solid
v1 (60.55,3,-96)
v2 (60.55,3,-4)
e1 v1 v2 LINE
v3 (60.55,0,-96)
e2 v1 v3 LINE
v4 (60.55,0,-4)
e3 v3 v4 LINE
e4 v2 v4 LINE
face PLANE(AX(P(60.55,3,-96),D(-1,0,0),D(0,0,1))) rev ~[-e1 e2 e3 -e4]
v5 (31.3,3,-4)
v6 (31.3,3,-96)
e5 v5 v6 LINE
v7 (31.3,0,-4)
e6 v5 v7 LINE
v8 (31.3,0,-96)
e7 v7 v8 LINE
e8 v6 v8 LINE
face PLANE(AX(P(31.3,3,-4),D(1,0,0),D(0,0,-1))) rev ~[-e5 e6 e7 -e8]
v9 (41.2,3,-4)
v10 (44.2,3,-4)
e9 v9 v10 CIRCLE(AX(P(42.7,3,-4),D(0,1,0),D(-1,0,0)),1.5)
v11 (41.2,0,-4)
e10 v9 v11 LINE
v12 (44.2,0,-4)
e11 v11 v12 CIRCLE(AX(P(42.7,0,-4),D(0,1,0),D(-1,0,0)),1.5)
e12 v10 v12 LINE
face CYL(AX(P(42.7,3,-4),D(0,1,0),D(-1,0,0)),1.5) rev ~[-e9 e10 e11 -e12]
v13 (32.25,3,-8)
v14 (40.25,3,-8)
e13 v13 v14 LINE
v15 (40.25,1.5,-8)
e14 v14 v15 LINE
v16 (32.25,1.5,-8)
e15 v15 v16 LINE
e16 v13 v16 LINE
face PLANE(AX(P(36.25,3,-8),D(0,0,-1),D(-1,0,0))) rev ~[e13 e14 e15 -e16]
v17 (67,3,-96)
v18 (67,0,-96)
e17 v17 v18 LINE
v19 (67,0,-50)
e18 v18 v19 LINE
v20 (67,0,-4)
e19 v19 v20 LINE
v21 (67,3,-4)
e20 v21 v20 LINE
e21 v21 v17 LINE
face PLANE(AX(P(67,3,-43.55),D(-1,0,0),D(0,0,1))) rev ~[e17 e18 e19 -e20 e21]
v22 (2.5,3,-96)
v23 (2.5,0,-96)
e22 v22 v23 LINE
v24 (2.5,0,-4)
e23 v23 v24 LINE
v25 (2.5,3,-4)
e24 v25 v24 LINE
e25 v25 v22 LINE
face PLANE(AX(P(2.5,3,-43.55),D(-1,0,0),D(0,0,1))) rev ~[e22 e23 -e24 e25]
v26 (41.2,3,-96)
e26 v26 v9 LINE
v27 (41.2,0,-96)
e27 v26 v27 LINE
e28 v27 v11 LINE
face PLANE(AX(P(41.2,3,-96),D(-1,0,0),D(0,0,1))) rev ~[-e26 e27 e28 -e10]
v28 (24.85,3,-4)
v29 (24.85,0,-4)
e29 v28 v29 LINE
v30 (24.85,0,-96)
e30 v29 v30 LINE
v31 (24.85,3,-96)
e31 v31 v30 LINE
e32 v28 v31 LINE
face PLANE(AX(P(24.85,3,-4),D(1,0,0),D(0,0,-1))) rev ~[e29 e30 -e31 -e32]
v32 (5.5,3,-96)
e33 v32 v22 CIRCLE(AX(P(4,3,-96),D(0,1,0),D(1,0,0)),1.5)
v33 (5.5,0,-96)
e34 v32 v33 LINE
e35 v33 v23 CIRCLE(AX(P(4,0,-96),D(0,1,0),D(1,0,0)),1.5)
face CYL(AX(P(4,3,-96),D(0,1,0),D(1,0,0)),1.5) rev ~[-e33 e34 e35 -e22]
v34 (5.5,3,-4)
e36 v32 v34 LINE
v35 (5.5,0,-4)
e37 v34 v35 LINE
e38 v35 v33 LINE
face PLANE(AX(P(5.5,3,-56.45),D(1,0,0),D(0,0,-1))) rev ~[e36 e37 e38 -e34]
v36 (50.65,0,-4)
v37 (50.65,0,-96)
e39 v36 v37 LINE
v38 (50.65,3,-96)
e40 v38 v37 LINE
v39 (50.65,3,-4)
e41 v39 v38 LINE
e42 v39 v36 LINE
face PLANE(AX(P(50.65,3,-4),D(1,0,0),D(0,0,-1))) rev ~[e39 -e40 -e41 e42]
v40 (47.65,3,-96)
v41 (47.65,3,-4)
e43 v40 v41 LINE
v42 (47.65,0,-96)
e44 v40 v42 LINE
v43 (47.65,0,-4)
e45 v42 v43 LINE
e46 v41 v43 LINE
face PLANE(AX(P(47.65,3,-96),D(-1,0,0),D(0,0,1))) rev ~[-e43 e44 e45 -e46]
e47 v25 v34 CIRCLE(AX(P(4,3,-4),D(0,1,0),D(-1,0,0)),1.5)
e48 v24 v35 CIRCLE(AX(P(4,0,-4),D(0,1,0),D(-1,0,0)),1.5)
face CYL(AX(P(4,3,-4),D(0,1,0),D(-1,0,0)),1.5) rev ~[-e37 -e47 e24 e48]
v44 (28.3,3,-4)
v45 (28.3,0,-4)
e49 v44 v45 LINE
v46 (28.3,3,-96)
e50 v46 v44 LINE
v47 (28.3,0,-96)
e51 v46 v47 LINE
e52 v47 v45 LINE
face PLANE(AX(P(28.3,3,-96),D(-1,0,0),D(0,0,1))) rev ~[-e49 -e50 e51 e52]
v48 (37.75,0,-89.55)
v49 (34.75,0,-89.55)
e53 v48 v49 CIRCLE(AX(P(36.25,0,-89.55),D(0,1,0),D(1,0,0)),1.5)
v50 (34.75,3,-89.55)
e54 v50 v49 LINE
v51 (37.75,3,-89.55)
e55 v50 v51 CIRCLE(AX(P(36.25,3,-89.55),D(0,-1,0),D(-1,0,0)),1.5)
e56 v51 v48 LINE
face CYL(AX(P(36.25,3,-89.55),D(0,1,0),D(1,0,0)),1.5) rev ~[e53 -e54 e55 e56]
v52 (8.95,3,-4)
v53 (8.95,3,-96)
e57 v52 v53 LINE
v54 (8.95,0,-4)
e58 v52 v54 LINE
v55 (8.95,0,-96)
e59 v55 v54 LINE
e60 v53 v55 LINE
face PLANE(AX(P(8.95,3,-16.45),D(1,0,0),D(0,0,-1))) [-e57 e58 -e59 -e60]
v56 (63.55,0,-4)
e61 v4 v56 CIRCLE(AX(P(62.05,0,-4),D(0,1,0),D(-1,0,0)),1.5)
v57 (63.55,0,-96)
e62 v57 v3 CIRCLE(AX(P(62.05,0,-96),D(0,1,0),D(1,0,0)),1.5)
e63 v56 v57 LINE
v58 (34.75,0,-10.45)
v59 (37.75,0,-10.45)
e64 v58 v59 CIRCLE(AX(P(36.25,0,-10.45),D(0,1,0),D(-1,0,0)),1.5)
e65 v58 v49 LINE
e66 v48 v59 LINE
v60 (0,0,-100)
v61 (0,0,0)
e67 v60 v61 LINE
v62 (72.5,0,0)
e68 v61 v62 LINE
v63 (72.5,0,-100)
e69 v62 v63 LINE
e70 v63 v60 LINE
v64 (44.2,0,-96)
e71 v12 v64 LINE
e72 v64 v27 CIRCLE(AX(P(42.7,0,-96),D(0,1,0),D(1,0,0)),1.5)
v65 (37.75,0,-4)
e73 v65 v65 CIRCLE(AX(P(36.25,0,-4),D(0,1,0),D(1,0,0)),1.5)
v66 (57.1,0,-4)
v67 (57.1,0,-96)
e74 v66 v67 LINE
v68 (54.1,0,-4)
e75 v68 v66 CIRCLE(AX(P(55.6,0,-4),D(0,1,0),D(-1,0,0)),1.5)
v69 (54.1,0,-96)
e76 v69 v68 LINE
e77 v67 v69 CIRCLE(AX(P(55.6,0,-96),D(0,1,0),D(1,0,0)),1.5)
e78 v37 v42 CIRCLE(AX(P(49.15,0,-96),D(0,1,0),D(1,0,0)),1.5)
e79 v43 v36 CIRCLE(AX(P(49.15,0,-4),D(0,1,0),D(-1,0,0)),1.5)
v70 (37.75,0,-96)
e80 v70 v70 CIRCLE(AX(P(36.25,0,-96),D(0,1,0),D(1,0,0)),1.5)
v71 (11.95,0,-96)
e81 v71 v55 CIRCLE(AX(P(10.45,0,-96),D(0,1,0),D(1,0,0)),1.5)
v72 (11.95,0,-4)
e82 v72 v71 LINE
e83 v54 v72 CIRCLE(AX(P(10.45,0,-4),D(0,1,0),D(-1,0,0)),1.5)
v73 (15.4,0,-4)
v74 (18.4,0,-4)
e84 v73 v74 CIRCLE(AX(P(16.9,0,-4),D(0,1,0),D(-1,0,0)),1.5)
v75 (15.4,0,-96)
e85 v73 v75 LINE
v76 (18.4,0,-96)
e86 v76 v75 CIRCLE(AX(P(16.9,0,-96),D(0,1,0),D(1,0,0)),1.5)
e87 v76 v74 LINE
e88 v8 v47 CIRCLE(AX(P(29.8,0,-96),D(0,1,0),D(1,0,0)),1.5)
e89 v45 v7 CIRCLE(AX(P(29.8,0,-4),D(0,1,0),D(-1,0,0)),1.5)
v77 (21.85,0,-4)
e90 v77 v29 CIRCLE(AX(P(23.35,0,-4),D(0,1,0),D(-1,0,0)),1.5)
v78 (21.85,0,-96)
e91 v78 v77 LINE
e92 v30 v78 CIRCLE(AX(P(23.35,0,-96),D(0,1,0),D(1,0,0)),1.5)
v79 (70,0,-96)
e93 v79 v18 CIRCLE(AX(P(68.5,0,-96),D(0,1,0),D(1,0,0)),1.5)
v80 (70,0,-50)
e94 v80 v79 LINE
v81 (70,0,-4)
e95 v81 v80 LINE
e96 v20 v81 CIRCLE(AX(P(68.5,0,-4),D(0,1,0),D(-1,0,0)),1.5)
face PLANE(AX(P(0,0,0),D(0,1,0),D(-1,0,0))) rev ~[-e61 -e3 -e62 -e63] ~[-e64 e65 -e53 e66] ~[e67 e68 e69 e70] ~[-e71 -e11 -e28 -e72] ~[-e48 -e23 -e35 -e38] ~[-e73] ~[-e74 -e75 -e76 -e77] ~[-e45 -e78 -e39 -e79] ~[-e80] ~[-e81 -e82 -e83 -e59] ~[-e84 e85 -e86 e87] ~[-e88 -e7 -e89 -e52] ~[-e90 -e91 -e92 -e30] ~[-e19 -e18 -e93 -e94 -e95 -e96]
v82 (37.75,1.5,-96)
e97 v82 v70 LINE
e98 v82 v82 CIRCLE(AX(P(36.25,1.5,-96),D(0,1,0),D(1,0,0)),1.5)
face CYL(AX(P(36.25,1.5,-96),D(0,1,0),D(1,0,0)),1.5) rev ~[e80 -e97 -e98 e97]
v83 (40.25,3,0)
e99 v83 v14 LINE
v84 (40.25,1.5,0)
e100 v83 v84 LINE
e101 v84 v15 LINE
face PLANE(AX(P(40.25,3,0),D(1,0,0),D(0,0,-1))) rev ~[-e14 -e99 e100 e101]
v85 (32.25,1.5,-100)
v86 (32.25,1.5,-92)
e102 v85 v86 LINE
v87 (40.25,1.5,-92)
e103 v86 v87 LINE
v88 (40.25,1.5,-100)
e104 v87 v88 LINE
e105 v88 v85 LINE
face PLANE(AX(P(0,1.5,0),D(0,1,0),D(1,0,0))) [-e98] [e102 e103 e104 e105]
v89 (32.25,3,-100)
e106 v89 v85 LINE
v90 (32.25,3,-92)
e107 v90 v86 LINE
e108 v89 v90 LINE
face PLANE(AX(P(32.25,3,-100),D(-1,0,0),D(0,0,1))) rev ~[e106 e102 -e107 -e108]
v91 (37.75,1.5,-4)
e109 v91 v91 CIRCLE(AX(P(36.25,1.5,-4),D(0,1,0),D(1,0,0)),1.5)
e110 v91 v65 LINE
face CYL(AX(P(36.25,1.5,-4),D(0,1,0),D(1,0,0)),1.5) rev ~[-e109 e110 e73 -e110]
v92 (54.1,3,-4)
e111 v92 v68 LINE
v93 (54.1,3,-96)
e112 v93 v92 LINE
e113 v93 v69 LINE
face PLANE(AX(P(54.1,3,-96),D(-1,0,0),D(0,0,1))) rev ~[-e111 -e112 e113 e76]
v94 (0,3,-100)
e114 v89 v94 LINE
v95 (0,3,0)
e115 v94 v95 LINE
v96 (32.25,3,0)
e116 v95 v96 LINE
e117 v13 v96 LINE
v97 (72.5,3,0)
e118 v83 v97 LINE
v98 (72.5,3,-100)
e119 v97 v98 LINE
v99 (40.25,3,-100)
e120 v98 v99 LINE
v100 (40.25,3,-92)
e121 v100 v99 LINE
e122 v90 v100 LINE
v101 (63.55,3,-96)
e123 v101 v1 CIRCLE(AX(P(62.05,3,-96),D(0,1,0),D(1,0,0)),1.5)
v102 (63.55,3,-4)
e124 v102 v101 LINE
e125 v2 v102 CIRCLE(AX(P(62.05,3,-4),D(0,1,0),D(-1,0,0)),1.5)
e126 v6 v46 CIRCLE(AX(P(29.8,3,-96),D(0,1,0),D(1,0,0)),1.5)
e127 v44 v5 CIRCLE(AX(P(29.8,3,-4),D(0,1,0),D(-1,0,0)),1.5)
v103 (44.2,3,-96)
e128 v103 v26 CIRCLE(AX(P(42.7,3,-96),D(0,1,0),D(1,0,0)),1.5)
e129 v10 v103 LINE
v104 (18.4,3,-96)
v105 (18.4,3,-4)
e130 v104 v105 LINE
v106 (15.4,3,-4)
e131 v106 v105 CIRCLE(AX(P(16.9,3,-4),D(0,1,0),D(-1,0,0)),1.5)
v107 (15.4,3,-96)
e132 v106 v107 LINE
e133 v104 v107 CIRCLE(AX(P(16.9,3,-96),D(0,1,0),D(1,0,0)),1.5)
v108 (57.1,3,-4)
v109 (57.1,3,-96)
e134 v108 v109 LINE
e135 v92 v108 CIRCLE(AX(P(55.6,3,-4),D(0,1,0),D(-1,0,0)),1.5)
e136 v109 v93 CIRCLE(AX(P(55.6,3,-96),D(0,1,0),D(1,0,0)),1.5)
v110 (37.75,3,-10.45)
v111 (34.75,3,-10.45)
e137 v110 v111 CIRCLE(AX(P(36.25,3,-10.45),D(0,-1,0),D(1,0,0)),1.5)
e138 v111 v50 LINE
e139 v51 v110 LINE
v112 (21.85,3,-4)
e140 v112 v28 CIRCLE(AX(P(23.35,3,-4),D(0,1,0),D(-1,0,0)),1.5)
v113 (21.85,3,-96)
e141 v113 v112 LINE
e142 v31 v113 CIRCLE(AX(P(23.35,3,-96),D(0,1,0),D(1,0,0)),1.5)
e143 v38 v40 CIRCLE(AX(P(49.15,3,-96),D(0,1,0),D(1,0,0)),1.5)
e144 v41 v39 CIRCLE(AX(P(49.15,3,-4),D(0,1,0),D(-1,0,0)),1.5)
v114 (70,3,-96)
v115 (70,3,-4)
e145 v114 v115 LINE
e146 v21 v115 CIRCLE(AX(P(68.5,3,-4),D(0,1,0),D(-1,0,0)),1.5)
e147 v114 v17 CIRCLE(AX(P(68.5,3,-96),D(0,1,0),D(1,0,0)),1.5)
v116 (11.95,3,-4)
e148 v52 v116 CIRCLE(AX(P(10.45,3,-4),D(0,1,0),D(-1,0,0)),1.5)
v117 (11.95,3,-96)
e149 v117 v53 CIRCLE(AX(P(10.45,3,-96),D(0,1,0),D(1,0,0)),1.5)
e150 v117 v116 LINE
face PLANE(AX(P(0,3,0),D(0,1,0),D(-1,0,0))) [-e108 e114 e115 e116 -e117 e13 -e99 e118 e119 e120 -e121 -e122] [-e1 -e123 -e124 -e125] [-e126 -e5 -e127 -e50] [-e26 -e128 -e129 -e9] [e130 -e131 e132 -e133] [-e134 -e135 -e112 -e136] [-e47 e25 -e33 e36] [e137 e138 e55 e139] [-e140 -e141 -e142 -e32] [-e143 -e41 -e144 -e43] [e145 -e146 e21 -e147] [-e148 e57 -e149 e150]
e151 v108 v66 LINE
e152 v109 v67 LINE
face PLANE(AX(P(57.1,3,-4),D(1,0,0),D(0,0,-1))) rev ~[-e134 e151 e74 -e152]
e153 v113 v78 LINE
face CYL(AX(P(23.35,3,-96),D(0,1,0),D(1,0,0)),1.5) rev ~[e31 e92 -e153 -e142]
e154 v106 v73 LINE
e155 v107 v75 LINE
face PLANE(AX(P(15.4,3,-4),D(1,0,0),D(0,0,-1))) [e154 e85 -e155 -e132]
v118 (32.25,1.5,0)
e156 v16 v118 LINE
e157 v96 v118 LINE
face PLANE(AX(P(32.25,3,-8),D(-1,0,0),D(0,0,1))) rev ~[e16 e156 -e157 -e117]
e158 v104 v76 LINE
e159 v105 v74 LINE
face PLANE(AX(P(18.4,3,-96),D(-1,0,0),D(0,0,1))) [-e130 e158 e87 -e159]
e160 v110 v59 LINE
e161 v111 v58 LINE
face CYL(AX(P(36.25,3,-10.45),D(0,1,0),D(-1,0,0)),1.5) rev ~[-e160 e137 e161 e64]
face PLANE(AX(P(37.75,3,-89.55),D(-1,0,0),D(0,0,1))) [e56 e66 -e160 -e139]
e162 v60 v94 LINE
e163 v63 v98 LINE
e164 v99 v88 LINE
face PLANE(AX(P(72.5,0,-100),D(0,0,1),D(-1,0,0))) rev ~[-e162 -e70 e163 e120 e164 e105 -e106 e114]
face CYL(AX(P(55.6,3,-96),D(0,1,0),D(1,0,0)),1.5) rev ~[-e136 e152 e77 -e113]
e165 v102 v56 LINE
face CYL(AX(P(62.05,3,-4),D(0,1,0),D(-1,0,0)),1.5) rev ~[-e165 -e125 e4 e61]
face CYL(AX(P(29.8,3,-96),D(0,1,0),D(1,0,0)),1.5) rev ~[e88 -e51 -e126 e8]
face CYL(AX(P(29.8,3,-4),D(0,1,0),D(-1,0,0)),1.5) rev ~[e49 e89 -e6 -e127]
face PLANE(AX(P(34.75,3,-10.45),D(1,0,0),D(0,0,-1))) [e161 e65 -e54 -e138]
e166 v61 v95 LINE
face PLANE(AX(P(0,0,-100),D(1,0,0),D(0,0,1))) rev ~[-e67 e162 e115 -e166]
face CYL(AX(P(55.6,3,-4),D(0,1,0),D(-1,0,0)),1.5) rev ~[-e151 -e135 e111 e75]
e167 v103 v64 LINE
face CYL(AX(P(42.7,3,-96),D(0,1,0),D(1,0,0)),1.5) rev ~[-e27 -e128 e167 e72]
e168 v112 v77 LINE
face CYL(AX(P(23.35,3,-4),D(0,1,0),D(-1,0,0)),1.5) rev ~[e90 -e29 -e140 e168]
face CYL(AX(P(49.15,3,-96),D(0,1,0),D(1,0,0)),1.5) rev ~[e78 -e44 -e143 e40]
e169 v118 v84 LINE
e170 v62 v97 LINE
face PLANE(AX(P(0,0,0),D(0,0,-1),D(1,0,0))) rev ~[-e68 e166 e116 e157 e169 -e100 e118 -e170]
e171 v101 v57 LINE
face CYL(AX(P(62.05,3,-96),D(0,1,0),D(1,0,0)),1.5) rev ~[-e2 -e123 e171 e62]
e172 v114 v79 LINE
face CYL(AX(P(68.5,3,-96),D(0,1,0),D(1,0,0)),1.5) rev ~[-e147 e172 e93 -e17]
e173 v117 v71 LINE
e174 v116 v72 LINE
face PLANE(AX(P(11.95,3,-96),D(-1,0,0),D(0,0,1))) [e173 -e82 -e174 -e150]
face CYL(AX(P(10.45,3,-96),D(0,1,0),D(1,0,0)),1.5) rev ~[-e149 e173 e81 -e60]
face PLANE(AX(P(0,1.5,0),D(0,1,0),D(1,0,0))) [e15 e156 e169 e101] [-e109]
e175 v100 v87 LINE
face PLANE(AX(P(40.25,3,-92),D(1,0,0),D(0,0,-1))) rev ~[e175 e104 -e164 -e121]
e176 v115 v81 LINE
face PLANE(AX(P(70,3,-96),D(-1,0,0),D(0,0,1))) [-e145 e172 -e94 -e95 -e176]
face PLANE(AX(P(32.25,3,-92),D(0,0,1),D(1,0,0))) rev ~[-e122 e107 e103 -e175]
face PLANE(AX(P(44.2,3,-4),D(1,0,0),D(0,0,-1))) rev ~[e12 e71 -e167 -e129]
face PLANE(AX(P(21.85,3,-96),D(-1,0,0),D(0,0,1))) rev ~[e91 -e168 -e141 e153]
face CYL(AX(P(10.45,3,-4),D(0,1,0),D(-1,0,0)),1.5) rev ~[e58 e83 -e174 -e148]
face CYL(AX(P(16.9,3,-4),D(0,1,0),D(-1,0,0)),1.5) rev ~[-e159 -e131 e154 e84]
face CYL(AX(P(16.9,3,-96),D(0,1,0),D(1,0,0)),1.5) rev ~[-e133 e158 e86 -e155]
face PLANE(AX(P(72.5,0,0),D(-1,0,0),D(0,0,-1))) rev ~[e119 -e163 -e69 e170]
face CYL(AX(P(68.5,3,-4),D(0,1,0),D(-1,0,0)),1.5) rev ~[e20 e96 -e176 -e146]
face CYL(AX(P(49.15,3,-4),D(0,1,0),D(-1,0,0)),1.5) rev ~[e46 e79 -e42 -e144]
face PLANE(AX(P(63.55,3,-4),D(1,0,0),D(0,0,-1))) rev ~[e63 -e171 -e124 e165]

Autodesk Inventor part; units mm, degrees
ref_plane "YZ Plane" through (0, 0, 0) normal (1, 0, 0) x (0, 1, 0)
ref_plane "XZ Plane" through (0, 0, 0) normal (0, 1, 0) x (-1, 0, 0)
ref_plane "XY Plane" through (0, 0, 0) normal (0, 0, 1) x (1, 0, 0)
sketch "Sketch1" plane through (0, 0, 0) normal (0, 1, 0) x (-1, 0, 0)
  line L0 (0, 0) -> (-72.5, 0)
  line L1 (-72.5, 0) -> (-72.5, -100)
  line L2 (-72.5, -100) -> (0, -100)
  line L3 (0, -100) -> (0, 0)
  dimension "d0" = 72.5
  dimension "d1" = 100
extrude "Extrusion1" add sketch "Sketch1" along normal blind 3
sketch "Sketch11" plane through (0, 3, 0) normal (0, 1, 0) x (1, 0, 0)
  point P0 (0, 0)
sketch "Sketch13" plane through (0, 3, 0) normal (0, 1, 0) x (1, 0, 0)
  line L0 (0, 0) -> (72.5, 0) projected
  line L1 (36.25, 0) -> (36.25, 8)
  line L2 (36.25, 8) -> (32.25, 8)
  line L3 (32.25, 8) -> (32.25, 0)
  line L4 (36.25, 0) -> (32.25, 0)
  line L5 (36.25, 0) -> (40.25, 0)
  line L6 (40.25, 0) -> (40.25, 8)
  line L7 (40.25, 8) -> (36.25, 8)
  line L8 (72.5, 100) -> (0, 100) projected
  line L9 (36.25, 100) -> (32.25, 100)
  line L10 (32.25, 100) -> (32.25, 92)
  line L11 (32.25, 92) -> (40.25, 92)
  line L12 (40.25, 92) -> (40.25, 100)
  line L13 (40.25, 100) -> (36.25, 100)
  line L14 (72.5, 0) -> (72.5, 100) projected
  dimension "d190" = 8
  dimension "d191" = 4
  dimension "d192" = 4
  dimension "d193" = 8
extrude "Extrusion11" cut sketch "Sketch13" against normal blind 1.5
sketch "Sketch14" plane through (0, 1.5, 0) normal (0, 1, 0) x (1, 0, 0)
  line L0 (0, 0) -> (72.5, 0) projected
  line L1 (40.25, 8) -> (32.25, 8)
  line L2 (32.25, 8) -> (32.25, 0)
  line L3 (32.25, 0) -> (40.25, 0)
  line L4 (40.25, 0) -> (40.25, 8)
  line L5 (72.5, 100) -> (0, 100) projected
  line L6 (40.25, 100) -> (32.25, 100)
  line L7 (32.25, 100) -> (32.25, 92)
  line L8 (32.25, 92) -> (40.25, 92)
  line L9 (40.25, 92) -> (40.25, 100)
  line L10 (72.5, 46) -> (64.5, 46) projected
  line L11 (64.5, 46) -> (64.5, 54) projected
  line L12 (72.5, 46) -> (64.5, 46)
  line L13 (64.5, 46) -> (64.5, 54)
  line L14 (64.5, 54) -> (72.5, 54)
  line L15 (72.5, 54) -> (72.5, 46)
  circle A0 centre (36.25, 4) radius 1.5
  circle A1 centre (36.25, 96) radius 1.5
  circle A2 centre (68.5, 50) radius 1.5
  dimension "d199" = 8
  dimension "d200" = 8
  dimension "d201" = 3
  dimension "d202" = 3
  dimension "d203" = 3
extrude "Extrusion12" cut sketch "Sketch14" against normal blind 1.5 contours A0 | A1 | A2
sketch "Sketch15" plane through (0, 3, 0) normal (0, 1, 0) x (1, 0, 0)
  circle A0 centre (36.25, 4) radius 1.5 projected
  line L0 (0, 100) -> (0, 0) projected
  circle A1 centre (36.25, 96) radius 1.5 projected
  line L1 (32.25, 8) -> (40.25, 8) projected
  arc A2 (2.5, 4) -> (5.5, 4) centre (4, 4) ccw
  arc A3 (15.4, 4) -> (18.4, 4) centre (16.9, 4) ccw
  arc A4 (21.85, 4) -> (24.85, 4) centre (23.35, 4) ccw
  arc A5 (28.3, 4) -> (31.3, 4) centre (29.8, 4) ccw
  arc A6 (41.2, 4) -> (44.2, 4) centre (42.7, 4) ccw
  arc A7 (47.65, 4) -> (50.65, 4) centre (49.15, 4) ccw
  arc A8 (54.1, 4) -> (57.1, 4) centre (55.6, 4) ccw
  arc A9 (60.55, 4) -> (63.55, 4) centre (62.05, 4) ccw
  arc A10 (67, 4) -> (70, 4) centre (68.5, 4) ccw
  arc A11 (70, 96) -> (67, 96) centre (68.5, 96) ccw
  arc A12 (63.55, 96) -> (60.55, 96) centre (62.05, 96) ccw
  arc A13 (57.1, 96) -> (54.1, 96) centre (55.6, 96) ccw
  arc A14 (50.65, 96) -> (47.65, 96) centre (49.15, 96) ccw
  arc A15 (44.2, 96) -> (41.2, 96) centre (42.7, 96) ccw
  arc A16 (31.3, 96) -> (28.3, 96) centre (29.8, 96) ccw
  arc A17 (24.85, 96) -> (21.85, 96) centre (23.35, 96) ccw
  arc A18 (18.4, 96) -> (15.4, 96) centre (16.9, 96) ccw
  arc A19 (5.5, 96) -> (2.5, 96) centre (4, 96) ccw
  line L2 (8.95, 16.45) -> (8.95, 83.55)
  line L3 (11.95, 83.55) -> (11.95, 16.45)
  line L4 (15.4, 4) -> (15.4, 96)
  line L5 (18.4, 96) -> (18.4, 4)
  line L6 (21.85, 96) -> (21.85, 4)
  line L7 (24.85, 4) -> (24.85, 96)
  line L8 (28.3, 96) -> (28.3, 4)
  line L9 (31.3, 4) -> (31.3, 96)
  line L10 (41.2, 96) -> (41.2, 4)
  line L11 (44.2, 4) -> (44.2, 96)
  line L12 (47.65, 96) -> (47.65, 4)
  line L13 (50.65, 4) -> (50.65, 96)
  line L14 (54.1, 96) -> (54.1, 4)
  line L15 (57.1, 4) -> (57.1, 96)
  line L16 (60.55, 96) -> (60.55, 4)
  line L17 (63.55, 4) -> (63.55, 96)
  line L18 (67, 43.55) -> (67, 4)
  line L19 (70, 4) -> (70, 43.55)
  line L20 (67, 56.45) -> (67, 96)
  line L21 (70, 96) -> (70, 56.45)
  line L22 (36.25, 4) -> (36.25, 10.45)
  arc A20 (34.75, 10.45) -> (37.75, 10.45) centre (36.25, 10.45) ccw
  line L23 (36.25, 96) -> (36.25, 89.55)
  arc A21 (37.75, 89.55) -> (34.75, 89.55) centre (36.25, 89.55) ccw
  line L24 (34.75, 10.45) -> (34.75, 89.55)
  line L25 (37.75, 89.55) -> (37.75, 10.45)
  arc A22 (8.95, 4) -> (11.95, 4) centre (10.45, 4) ccw
  arc A23 (11.95, 96) -> (8.95, 96) centre (10.45, 96) ccw
  line L26 (8.95, 96) -> (8.95, 83.55)
  line L27 (11.95, 96) -> (11.95, 83.55)
  line L28 (8.95, 16.45) -> (8.95, 4)
  line L29 (11.95, 16.45) -> (11.95, 4)
  line L30 (5.5, 4) -> (5.5, 43.55)
  line L31 (5.5, 56.45) -> (5.5, 96)
  line L32 (2.5, 96) -> (2.5, 56.45)
  line L33 (2.5, 43.55) -> (2.5, 4)
  line L34 (2.5, 56.45) -> (2.5, 43.55)
  line L35 (5.5, 43.55) -> (5.5, 56.45)
  line L36 (67, 56.45) -> (67, 43.55)
  line L37 (70, 43.55) -> (70, 56.45)
  dimension "d216" = 3
  dimension "d217" = 3
  dimension "d218" = 3
  dimension "d219" = 3
  dimension "d220" = 3
  dimension "d221" = 3
  dimension "d225" = 3
  dimension "d226" = 3
  dimension "d227" = 3
  dimension "d228" = 3
  dimension "d229" = 3
  dimension "d230" = 3
  dimension "d231" = 3
  dimension "d232" = 3
  dimension "d233" = 3
  dimension "d242" = 6.45
  dimension "d243" = 3
  dimension "d244" = 6.45
  dimension "d245" = 3
  dimension "d248" = 3
  dimension "d249" = 3
extrude "Extrusion13" cut sketch "Sketch15" against normal blind 3 contours A20 L24 A21 L25 | L33 L34 L32 A19 L31 L35 L30 A2 | L4 A18 L5 A3 | L6 A17 L7 A4 | L8 A16 L9 A5 | L10 A15 L11 A6 | L12 A14 L13 A7 | L14 A13 L15 A8 | L16 A12 L17 A9 | L18 L36 L20 A11 L21 L37 L19 A10 | L2 L26 A23 L27 L3 L29 A22 L28
sketch "Sketch16" plane through (0, 3, 0) normal (0, 1, 0) x (1, 0, 0)
  point P0 (0, 0)
properties part number "Tray middle"
